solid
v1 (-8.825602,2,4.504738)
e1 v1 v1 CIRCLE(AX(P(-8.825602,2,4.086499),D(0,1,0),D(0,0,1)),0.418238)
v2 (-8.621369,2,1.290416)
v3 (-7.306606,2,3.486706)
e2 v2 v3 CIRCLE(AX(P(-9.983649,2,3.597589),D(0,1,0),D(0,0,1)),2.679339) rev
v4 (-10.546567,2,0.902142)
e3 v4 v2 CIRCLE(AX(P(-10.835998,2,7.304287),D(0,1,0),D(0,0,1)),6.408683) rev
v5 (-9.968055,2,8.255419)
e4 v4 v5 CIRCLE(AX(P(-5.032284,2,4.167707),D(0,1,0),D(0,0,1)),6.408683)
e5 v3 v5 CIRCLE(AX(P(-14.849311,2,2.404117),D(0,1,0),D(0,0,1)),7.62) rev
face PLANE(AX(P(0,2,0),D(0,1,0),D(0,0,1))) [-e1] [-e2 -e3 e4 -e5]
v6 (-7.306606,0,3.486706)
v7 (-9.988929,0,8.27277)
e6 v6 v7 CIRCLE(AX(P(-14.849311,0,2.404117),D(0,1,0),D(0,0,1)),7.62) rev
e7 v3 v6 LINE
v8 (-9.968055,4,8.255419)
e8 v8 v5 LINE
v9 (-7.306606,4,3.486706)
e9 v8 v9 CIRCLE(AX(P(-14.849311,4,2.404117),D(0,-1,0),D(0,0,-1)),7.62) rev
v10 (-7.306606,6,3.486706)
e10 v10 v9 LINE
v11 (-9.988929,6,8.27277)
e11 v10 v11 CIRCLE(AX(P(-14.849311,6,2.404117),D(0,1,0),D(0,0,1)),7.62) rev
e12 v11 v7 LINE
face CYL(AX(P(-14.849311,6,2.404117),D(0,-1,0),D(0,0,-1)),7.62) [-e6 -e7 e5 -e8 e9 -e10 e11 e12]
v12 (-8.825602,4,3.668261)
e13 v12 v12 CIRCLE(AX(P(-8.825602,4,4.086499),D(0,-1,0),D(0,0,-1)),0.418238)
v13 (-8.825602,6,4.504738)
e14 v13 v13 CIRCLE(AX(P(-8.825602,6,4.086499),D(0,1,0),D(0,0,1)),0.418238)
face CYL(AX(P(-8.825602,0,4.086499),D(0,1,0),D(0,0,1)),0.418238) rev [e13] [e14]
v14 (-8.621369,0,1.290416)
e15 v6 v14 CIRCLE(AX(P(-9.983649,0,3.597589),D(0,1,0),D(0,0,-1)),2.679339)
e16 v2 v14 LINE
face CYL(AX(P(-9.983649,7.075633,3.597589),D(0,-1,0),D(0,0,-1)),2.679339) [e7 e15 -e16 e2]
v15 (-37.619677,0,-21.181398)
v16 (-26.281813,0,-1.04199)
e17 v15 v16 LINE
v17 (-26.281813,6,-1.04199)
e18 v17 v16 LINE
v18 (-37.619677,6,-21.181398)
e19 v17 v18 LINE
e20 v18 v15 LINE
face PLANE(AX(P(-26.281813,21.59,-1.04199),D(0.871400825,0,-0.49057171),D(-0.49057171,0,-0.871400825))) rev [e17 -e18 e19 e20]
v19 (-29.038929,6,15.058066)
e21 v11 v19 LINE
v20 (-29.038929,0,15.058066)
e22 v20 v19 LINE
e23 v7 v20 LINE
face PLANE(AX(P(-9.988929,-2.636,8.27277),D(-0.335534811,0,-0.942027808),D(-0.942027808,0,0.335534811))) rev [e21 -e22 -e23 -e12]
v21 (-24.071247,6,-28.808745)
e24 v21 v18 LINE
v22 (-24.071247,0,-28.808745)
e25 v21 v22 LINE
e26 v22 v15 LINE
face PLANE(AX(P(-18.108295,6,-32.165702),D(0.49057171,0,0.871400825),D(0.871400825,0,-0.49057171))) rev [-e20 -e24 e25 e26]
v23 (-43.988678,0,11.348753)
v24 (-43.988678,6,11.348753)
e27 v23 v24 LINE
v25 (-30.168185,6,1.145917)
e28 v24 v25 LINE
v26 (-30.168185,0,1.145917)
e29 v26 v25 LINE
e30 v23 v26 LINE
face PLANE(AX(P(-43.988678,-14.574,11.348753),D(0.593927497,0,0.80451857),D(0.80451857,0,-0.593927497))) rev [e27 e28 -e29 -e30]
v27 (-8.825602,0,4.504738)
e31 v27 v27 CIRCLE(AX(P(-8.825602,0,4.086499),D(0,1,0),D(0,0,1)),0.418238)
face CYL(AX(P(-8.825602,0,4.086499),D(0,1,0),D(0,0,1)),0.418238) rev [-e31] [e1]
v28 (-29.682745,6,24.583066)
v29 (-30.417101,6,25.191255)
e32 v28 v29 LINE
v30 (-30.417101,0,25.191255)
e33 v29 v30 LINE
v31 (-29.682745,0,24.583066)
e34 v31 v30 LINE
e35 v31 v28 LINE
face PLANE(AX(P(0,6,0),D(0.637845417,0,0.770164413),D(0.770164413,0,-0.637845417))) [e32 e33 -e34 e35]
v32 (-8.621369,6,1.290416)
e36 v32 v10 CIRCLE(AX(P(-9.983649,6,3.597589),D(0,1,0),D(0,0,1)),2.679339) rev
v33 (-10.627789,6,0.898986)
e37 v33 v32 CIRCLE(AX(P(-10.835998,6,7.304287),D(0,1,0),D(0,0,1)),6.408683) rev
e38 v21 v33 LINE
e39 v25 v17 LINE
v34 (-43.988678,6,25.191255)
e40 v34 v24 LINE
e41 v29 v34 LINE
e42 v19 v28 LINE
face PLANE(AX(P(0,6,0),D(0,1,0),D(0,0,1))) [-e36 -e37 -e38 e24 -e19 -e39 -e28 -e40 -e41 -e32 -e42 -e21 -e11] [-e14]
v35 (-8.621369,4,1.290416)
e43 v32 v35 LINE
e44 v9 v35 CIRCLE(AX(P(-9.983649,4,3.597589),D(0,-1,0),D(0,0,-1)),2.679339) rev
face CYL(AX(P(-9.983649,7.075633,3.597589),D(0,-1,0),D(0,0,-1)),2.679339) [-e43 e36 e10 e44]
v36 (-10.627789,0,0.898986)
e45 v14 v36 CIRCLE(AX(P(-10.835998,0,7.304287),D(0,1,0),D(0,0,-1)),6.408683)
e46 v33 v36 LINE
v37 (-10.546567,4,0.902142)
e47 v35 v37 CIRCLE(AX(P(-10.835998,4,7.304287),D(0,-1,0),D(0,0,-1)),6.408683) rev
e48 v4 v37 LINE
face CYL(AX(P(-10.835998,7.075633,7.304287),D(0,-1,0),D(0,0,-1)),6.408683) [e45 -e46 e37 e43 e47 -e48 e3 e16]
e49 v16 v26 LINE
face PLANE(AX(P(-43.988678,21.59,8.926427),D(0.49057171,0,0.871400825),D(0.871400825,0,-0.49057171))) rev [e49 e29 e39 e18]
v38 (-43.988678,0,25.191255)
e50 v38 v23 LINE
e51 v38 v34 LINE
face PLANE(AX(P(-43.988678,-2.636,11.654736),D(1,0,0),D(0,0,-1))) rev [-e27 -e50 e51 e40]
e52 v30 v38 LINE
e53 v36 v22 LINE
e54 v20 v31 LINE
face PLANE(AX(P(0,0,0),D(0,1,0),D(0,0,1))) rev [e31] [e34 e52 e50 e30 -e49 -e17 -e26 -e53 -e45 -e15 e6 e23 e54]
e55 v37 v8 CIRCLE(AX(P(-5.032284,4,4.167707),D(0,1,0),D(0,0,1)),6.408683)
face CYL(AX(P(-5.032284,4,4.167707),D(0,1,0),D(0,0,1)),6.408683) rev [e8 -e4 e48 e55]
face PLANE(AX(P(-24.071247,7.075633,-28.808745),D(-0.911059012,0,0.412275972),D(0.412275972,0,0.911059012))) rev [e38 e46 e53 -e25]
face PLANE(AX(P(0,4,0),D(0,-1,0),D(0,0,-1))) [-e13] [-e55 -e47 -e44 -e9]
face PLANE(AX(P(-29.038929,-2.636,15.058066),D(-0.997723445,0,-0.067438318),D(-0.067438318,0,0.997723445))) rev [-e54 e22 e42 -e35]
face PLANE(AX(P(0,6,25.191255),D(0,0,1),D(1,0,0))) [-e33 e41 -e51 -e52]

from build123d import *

# Parameters (mm, degrees)
BOSS_EXTRUDE1_DEPTH = 6
SKETCH3_W           = 6.408683363
SKETCH3_H           = 2
SKETCH4_R           = 0.418238454
CUT_EXTRUDE1_DEPTH  = 68.577687393
CUT_EXTRUDE2_DEPTH  = 7.07563293
CUT_EXTRUDE3_DEPTH  = 7.07563293
CUT_EXTRUDE4_DEPTH  = 8.636
SKETCH9_W           = 16.845523319
SKETCH9_H           = 13.536518873
CUT_EXTRUDE5_DEPTH  = 8.636
BOSS_EXTRUDE2_DEPTH = 6
CUT_EXTRUDE6_DEPTH  = 21.59
CUT_EXTRUDE7_DEPTH  = 20.574


with BuildPart() as part:
    # Sketch1 → Boss-Extrude1 (new body)
    with BuildSketch(Plane(origin=(0, 0, 0), x_dir=(1, 0, 0), z_dir=(0, 1, 0))):
        with BuildLine():
            Line((-30.417100683, -25.191255191), (-60.834201366, -25.191255191))
            Line((-60.834201366, -25.191255191), (-60.834201366, -11.654736318))
            Line((-60.834201366, -11.654736318), (-42.452724359, -11.654736318))
            Line((-42.452724359, -11.654736318), (-55.326541771, 11.21298086))
            Line((-55.326541771, 11.21298086), (-24.071247352, 28.808744809))
            Line((-24.071247352, 28.808744809), (-8.250197814, 1.40588318))
            ThreePointArc((-8.250197814, 1.40588318), (-7.349372036, -3.751451104), (-9.988929311, -8.27276965))
            Line((-9.988929311, -8.27276965), (-30.417100683, -25.191255191))
        make_face()
    extrude(amount=BOSS_EXTRUDE1_DEPTH)

    # Sketch3 → Cut-Revolve1 (revolve, cut)
    with BuildSketch(Plane(origin=(0, 0, 0), x_dir=(0.7701644134023178, 0, -0.6378454172671179), z_dir=(0.6378454172671179, 0, 0.7701644134023178))):
        with Locations((-9.738380512, 3)):
            Rectangle(SKETCH3_W, SKETCH3_H)
    revolve(axis=Axis((-5.032284182, 4, 4.167706724), (0, -1, 0)), mode=Mode.SUBTRACT)

    # Sketch4 → Cut-Extrude1 (cut, through all)
    with BuildSketch(Plane(origin=(0, 6, 0), x_dir=(1, 0, 0), z_dir=(0, 1, 0))):
        with Locations(Location((-8.825601509, -4.086499086, 0), (0, 0, 270))):
            Circle(SKETCH4_R)
    extrude(amount=-CUT_EXTRUDE1_DEPTH, mode=Mode.SUBTRACT)

    # Sketch5 → Cut-Extrude2 (cut)
    with BuildSketch(Plane.XZ):
        with BuildLine():
            Line((-24.071247352, -28.808744809), (-10.627789176, 0.89898626))
            ThreePointArc((-10.627789176, 0.89898626), (-8.855926732, 1.209162301), (-7.240059857, 1.999529264))
            ThreePointArc((-7.240059857, 1.999529264), (-7.543928563, 0.237141569), (-8.250197814, -1.40588318))
            Line((-8.250197814, -1.40588318), (-24.071247352, -28.808744809))
        make_face()
    extrude(amount=-CUT_EXTRUDE2_DEPTH, mode=Mode.SUBTRACT)

    # Sketch6 → Cut-Extrude3 (cut)
    with BuildSketch(Plane(origin=(0, 0, 0), x_dir=(-1, 0, 0), z_dir=(0, -1, 0))):
        with BuildLine():
            Line((8.621369431, -1.290415749), (6.275781013, -0.723765639))
            Line((6.275781013, -0.723765639), (7.306606233, -3.4867058))
            ThreePointArc((7.306606233, -3.4867058), (7.684746322, -2.221398672), (8.621369431, -1.290415749))
        make_face()
    extrude(amount=-CUT_EXTRUDE3_DEPTH, mode=Mode.SUBTRACT)

    # Sketch7 → Cut-Extrude4 (cut)
    with BuildSketch(Plane(origin=(0, 6, 0), x_dir=(1, 0, 0), z_dir=(0, 1, 0))):
        Polygon((-9.988929311, -8.27276965), (-29.038929311, -15.05806632), (-29.682744971, -24.58306632), align=None)
    extrude(amount=-CUT_EXTRUDE4_DEPTH, mode=Mode.SUBTRACT)

    # Sketch9 → Cut-Extrude5 (cut)
    with BuildSketch(Plane(origin=(0, 6, 0), x_dir=(1, 0, 0), z_dir=(0, 1, 0))):
        with Locations((-52.411439707, -18.422995755)):
            Rectangle(SKETCH9_W, SKETCH9_H)
    extrude(amount=-CUT_EXTRUDE5_DEPTH, mode=Mode.SUBTRACT)

    # Sketch10 → Boss-Extrude2 (add)
    with BuildSketch(Plane.XZ):
        Polygon((-43.988678047, 11.654736318), (-43.988678047, 8.926427114), (-42.452724359, 11.654736318), align=None)
    extrude(amount=-BOSS_EXTRUDE2_DEPTH)

    # Sketch11 → Cut-Extrude6 (cut)
    with BuildSketch(Plane.XZ):
        Polygon((-55.326541771, -11.21298086), (-43.988678047, 8.926427114), (-26.281813284, -1.041990026), (-37.619677009, -21.181398001), align=None)
    extrude(amount=-CUT_EXTRUDE6_DEPTH, mode=Mode.SUBTRACT)

    # Sketch12 → Cut-Extrude7 (cut)
    with BuildSketch(Plane(origin=(0, 6, 0), x_dir=(1, 0, 0), z_dir=(0, 1, 0))):
        Polygon((-43.988678047, -11.348752844), (-30.168184759, -1.145916898), (-43.988678047, -8.926427114), align=None)
    extrude(amount=-CUT_EXTRUDE7_DEPTH, mode=Mode.SUBTRACT)


solid = part.part
